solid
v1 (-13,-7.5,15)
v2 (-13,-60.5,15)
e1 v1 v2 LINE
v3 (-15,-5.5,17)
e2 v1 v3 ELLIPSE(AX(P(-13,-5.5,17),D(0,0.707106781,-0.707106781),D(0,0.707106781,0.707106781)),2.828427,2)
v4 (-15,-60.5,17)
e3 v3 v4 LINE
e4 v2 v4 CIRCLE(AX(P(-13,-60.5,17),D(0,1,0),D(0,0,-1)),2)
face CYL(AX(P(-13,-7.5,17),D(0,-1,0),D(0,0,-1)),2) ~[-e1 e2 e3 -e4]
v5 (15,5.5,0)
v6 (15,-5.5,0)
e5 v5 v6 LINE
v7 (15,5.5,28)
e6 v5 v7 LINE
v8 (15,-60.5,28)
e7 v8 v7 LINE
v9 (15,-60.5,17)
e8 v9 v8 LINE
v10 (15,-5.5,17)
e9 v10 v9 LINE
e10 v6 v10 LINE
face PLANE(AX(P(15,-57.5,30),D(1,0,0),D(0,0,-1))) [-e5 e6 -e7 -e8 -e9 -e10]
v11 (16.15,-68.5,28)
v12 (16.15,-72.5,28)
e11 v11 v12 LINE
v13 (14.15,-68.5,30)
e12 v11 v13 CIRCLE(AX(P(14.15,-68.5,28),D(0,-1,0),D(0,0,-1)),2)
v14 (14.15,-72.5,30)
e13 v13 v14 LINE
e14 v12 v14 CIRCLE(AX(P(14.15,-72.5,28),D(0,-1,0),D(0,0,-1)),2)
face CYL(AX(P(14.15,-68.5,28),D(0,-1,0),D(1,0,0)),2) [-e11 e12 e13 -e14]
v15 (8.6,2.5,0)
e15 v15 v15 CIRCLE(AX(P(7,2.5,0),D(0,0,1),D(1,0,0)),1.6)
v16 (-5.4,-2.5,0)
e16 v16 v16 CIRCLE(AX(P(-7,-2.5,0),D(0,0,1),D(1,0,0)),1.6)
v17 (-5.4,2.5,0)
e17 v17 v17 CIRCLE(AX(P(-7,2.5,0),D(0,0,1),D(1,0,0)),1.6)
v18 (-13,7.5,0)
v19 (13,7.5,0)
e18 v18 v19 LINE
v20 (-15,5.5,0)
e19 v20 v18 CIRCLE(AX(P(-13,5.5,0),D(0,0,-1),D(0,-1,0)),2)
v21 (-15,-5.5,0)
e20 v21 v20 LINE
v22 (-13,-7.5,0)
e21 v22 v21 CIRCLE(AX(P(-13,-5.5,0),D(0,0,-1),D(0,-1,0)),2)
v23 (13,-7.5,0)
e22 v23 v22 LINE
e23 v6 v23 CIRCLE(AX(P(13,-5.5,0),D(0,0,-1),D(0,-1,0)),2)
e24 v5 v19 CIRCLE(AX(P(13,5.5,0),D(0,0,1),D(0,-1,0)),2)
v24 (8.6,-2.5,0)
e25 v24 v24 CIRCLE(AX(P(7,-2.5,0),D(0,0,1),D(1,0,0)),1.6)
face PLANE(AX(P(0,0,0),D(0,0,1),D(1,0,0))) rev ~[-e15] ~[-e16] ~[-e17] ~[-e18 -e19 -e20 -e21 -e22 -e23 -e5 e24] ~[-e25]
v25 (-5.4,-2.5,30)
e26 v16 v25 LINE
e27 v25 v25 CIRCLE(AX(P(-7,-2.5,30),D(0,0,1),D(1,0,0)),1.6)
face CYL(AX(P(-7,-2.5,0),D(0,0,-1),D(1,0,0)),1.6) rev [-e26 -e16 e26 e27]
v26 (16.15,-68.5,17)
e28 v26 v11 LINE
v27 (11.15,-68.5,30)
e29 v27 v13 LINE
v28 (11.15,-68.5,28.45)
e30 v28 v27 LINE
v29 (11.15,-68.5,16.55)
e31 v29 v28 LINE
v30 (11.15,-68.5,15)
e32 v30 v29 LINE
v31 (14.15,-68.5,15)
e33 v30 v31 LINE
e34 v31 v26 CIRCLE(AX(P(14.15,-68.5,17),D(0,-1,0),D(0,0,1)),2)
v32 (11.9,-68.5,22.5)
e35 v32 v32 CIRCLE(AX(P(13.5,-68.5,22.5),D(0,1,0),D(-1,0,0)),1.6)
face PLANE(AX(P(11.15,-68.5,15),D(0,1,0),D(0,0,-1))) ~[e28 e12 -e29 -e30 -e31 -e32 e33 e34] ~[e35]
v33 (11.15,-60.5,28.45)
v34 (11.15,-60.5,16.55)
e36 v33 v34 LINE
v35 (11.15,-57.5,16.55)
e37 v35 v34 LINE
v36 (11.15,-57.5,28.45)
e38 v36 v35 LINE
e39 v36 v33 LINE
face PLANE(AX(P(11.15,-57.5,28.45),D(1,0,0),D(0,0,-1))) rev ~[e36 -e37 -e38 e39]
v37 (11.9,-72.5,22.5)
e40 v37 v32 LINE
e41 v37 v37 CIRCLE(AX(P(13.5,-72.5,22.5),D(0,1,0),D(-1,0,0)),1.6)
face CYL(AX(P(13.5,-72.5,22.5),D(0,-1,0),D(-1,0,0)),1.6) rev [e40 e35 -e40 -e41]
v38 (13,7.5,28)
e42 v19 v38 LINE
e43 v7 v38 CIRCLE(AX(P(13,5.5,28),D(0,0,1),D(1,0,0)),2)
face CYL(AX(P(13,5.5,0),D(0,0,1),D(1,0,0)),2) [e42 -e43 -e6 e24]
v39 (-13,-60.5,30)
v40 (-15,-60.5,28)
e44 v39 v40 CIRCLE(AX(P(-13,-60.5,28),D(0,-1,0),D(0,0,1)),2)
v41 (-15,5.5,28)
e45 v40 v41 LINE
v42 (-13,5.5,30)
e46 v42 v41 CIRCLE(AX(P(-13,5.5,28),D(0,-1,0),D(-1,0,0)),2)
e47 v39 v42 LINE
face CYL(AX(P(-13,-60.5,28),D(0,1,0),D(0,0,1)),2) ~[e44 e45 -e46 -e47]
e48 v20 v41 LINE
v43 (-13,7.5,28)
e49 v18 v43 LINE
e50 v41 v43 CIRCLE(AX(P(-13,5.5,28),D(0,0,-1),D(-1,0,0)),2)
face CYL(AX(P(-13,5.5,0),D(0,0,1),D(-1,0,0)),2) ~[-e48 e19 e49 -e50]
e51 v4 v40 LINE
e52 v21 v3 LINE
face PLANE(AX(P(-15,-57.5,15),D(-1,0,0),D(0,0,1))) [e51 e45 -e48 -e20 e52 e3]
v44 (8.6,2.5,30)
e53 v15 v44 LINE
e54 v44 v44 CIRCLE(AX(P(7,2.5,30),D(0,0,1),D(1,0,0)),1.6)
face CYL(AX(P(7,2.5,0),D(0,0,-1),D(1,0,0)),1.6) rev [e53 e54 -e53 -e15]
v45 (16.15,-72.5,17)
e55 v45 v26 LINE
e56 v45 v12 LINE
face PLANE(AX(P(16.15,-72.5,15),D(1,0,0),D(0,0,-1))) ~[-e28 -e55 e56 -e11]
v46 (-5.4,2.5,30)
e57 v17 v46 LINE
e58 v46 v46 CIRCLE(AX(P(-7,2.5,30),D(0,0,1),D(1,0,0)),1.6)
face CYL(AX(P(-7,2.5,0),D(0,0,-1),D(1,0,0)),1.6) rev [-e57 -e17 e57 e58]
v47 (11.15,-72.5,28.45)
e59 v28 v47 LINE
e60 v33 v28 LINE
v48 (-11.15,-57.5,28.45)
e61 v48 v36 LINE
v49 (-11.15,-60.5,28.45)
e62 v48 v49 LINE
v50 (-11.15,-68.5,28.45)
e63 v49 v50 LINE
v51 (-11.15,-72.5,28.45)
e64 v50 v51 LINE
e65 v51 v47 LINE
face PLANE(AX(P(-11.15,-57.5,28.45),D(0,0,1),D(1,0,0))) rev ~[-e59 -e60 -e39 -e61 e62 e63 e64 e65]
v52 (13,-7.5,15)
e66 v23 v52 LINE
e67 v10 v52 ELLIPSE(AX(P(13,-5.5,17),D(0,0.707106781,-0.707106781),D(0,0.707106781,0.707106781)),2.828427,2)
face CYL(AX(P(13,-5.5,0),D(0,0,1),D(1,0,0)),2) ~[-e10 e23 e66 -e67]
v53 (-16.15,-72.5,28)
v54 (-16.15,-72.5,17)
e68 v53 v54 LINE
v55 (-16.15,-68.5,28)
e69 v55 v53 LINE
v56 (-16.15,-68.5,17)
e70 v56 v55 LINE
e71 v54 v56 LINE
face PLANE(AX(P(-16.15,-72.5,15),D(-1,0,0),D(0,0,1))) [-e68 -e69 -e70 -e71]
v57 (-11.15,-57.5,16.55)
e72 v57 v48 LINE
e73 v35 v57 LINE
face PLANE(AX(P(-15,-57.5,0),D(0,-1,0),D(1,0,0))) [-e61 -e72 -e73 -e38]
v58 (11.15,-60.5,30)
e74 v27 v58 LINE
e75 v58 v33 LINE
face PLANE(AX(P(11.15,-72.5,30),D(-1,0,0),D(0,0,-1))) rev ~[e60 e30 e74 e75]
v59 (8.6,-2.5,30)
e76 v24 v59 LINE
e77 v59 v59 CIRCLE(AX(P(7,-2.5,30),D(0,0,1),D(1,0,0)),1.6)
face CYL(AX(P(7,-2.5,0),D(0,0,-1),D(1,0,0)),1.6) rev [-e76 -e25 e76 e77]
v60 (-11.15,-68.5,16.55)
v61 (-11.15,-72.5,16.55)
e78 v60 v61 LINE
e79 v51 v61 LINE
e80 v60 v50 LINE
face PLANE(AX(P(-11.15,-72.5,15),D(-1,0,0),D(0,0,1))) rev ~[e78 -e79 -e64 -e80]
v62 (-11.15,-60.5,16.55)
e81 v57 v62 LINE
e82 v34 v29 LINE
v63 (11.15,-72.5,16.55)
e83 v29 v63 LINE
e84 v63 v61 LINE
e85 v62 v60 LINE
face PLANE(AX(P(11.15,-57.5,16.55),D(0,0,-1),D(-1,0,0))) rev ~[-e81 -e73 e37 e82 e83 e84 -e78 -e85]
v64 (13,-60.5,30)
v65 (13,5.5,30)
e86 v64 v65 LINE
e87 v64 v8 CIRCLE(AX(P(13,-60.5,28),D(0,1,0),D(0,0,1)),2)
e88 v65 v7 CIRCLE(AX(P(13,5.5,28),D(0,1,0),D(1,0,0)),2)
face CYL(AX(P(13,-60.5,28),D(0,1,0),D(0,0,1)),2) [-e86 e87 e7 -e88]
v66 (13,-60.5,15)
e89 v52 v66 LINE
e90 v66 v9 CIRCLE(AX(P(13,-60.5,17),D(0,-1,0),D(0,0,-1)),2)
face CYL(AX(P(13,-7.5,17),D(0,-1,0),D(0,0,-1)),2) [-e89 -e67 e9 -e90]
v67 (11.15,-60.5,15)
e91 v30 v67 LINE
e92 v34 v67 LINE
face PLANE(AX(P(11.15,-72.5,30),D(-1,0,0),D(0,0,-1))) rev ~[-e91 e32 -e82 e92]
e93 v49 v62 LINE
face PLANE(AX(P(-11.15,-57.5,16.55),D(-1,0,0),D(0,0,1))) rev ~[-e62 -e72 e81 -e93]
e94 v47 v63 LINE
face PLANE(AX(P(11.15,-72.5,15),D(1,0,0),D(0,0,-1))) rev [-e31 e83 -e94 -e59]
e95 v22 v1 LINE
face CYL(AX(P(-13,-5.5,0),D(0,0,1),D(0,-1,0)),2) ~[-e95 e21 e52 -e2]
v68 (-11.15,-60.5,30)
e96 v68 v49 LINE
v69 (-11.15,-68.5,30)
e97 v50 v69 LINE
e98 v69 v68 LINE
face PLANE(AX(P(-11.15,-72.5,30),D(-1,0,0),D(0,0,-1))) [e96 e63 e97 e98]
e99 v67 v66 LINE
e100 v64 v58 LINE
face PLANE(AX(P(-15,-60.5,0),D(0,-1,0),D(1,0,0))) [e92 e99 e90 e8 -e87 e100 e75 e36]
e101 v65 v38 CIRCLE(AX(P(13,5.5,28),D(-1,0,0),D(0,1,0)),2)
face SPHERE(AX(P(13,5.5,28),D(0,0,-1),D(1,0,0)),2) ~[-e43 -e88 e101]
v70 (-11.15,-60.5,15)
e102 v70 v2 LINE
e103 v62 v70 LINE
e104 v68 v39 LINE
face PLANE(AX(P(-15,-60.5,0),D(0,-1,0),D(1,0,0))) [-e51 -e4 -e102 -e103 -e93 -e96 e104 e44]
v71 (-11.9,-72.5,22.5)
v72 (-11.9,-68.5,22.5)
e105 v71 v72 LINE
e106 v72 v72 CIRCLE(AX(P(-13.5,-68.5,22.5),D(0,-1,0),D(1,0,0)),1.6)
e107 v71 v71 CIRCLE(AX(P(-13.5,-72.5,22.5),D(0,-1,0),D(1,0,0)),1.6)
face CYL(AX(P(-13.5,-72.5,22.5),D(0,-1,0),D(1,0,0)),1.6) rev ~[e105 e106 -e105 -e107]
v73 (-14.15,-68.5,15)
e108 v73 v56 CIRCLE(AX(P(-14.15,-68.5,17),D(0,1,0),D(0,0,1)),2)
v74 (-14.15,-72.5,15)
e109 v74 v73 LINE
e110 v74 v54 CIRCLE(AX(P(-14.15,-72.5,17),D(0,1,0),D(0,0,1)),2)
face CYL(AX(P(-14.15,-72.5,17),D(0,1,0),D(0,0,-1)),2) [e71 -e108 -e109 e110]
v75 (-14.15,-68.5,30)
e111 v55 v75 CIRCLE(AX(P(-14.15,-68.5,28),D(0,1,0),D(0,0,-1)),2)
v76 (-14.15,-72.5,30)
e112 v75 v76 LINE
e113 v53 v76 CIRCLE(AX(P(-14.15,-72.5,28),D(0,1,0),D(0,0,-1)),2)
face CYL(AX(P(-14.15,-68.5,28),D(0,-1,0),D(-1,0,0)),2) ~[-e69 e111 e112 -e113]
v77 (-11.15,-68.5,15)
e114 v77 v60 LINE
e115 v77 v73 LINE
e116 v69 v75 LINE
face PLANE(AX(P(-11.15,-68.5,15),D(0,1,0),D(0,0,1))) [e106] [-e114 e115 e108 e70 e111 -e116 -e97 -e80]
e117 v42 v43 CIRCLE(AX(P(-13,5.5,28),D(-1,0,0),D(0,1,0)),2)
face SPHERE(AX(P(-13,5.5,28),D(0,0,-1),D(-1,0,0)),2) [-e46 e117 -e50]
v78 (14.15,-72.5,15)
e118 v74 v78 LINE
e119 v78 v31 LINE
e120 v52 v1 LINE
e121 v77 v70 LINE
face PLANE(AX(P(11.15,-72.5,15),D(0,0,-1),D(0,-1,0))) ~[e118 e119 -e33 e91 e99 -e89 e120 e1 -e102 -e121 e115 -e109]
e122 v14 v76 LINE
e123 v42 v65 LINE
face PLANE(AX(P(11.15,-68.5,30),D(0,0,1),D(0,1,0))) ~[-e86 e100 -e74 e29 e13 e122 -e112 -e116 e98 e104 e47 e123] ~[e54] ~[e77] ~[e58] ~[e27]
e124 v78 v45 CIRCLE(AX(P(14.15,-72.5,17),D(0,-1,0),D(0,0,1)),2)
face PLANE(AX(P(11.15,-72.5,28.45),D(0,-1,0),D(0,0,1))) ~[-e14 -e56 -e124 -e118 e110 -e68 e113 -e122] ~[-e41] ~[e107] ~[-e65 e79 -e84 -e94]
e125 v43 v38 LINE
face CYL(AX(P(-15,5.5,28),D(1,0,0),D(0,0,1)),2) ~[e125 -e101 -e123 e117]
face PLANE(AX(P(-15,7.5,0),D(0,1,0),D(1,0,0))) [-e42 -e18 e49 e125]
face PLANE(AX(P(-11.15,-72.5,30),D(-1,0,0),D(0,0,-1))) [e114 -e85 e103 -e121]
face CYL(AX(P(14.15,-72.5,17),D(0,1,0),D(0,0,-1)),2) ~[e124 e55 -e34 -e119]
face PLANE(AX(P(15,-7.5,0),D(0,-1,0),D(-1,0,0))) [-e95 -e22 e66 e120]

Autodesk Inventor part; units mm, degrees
ref_plane "YZ Plane" through (0, 0, 0) normal (1, 0, 0) x (0, 1, 0)
ref_plane "XZ Plane" through (0, 0, 0) normal (0, 1, 0) x (-1, 0, 0)
ref_plane "XY Plane" through (0, 0, 0) normal (0, 0, 1) x (1, 0, 0)
sketch "Sketch1" plane through (0, 0, 0) normal (0, 0, 1) x (1, 0, 0)
  line L0 (-15, 7.5) -> (15, 7.5)
  line L1 (15, 7.5) -> (15, -7.5)
  line L2 (15, -7.5) -> (-15, -7.5)
  line L3 (-15, -7.5) -> (-15, 7.5)
  line L4 (-15, 7.5) -> (15, -7.5) construction
  line L5 (15, 7.5) -> (-15, -7.5) construction
  line L6 (-15, 0) -> (-7, 0) construction
  line L7 (-7, 0) -> (-7, -2.5) construction
  line L8 (0, 7.5) -> (0, -7.5) construction
  circle A0 centre (-7, -2.5) radius 1.6
  line L9 (0, -7.5) -> (0, 7.5) construction
  circle A1 centre (-7, 2.5) radius 1.6
  circle A2 centre (7, -2.5) radius 1.6
  circle A3 centre (7, 2.5) radius 1.6
  line L10 (7, 2.5) -> (-7, 2.5) construction
  point P0 (0, 0)
  dimension "d0" = 30
  dimension "d1" = 15
  dimension "d3" = 2.5
  dimension "d4" = 3.2
  dimension "d11" = 14
extrude "Extrusion1" add sketch "Sketch1" along normal blind 30
sketch "Sketch2" plane through (-15, -7.5, 0) normal (0, -1, 0) x (1, 0, 0)
  line L0 (0, 30) -> (30, 30) projected
  line L1 (0, 30) -> (30, 30)
  line L2 (30, 30) -> (30, 15)
  line L3 (30, 15) -> (0, 15)
  line L4 (0, 15) -> (0, 30)
  point P0 (15, 0)
  dimension "d7" = 30
  dimension "d8" = 15
extrude "Extrusion2" add sketch "Sketch2" along normal blind 50
sketch "Sketch3" plane through (-15, -57.5, 0) normal (0, -1, 0) x (1, 0, 0)
  line L0 (0, 15) -> (30, 15) projected
  line L1 (15, 15) -> (15, 22.5) construction
  line L2 (15, 22.5) -> (3.85, 22.5) construction
  line L3 (15, 22.5) -> (26.15, 22.5) construction
  line L4 (3.85, 28.45) -> (26.15, 28.45)
  line L5 (26.15, 28.45) -> (26.15, 16.55)
  line L6 (26.15, 16.55) -> (3.85, 16.55)
  line L7 (3.85, 16.55) -> (3.85, 28.45)
  line L8 (3.85, 28.45) -> (26.15, 16.55) construction
  line L9 (26.15, 28.45) -> (3.85, 16.55) construction
  line L10 (0, 30) -> (30, 30)
  line L11 (30, 30) -> (30, 15)
  line L12 (30, 15) -> (0, 15)
  line L13 (0, 15) -> (0, 30)
  line L14 (0, 30) -> (30, 15) construction
  line L15 (30, 30) -> (0, 15) construction
  point P0 (15, 0)
  dimension "d12" = 7.5
  dimension "d14" = 11.15
  dimension "d15" = 11.15
  dimension "d19" = 22.3
  dimension "d20" = 11.9
  dimension "d21" = 15
extrude "Extrusion3" add sketch "Sketch3" along normal blind 15
sketch "Sketch4" plane through (-15, -72.5, 0) normal (0, -1, 0) x (1, 0, 0)
  line L0 (30, 30) -> (0, 30) projected
  line L1 (0, 30) -> (3.85, 30)
  line L2 (3.85, 30) -> (3.85, 15)
  line L3 (3.85, 15) -> (0, 15)
  line L4 (0, 15) -> (0, 30)
  line L5 (30, 0) -> (30, 30) projected
  line L6 (30, 30) -> (26.15, 30)
  line L7 (26.15, 30) -> (26.15, 15)
  line L8 (26.15, 15) -> (30, 15)
  line L9 (30, 15) -> (30, 30)
  point P0 (15, 0)
  dimension "d24" = 15
  dimension "d25" = 15
extrude "Extrusion4" cut sketch "Sketch4" against normal blind 12
sketch "Sketch5" plane through (-11.15, -72.5, 15) normal (-1, 0, 0) x (0, 0, 1)
  line L0 (13.45, 0) -> (15, 0) projected
  line L1 (15, 0) -> (0, 0)
  line L2 (0, 0) -> (0, 4)
  line L3 (0, 4) -> (15, 4)
  line L4 (15, 4) -> (15, 0)
  point P0 (-15, 72.5)
  point P1 (13.45, 0)
  dimension "d28" = 15
  dimension "d29" = 4
extrude "Extrusion5" add sketch "Sketch5" along normal blind 5
sketch "Sketch6" plane through (-15, -72.5, 0) normal (0, -1, 0) x (1, 0, 0)
  line L0 (3.85, 28.45) -> (3.85, 16.55) projected
  circle A0 centre (1.5, 22.5) radius 1.6
  line L1 (26.15, 28.45) -> (3.85, 28.45) construction
  line L2 (15, 28.45) -> (15, 16.55) construction
  line L3 (3.85, 16.55) -> (26.15, 16.55) construction
  point P0 (15, 0)
  dimension "d33" = 3.2
  dimension "d56" = 13.5
extrude "Extrusion6" cut sketch "Sketch6" against normal blind 4
mirror "Mirror1" about plane through (0, 0, 0) normal (1, 0, 0) of "Extrusion5"
mirror "Mirror2" about plane through (0, 0, 0) normal (1, 0, 0) of "Extrusion6"
fillet "Fillet1" radius 2 13 edges at (15, -7.5, 7.5) (15, 7.5, 15) (-15, -7.5, 7.5) (-15, 7.5, 15) (-15, -34, 15) (15, -34, 15) (-15, -26.5, 30) (15, -26.5, 30) (0, 7.5, 30) (16.15, -70.5, 15) (-16.15, -70.5, 15) (-16.15, -70.5, 30) (16.15, -70.5, 30)
properties part number "attachment of brush"
